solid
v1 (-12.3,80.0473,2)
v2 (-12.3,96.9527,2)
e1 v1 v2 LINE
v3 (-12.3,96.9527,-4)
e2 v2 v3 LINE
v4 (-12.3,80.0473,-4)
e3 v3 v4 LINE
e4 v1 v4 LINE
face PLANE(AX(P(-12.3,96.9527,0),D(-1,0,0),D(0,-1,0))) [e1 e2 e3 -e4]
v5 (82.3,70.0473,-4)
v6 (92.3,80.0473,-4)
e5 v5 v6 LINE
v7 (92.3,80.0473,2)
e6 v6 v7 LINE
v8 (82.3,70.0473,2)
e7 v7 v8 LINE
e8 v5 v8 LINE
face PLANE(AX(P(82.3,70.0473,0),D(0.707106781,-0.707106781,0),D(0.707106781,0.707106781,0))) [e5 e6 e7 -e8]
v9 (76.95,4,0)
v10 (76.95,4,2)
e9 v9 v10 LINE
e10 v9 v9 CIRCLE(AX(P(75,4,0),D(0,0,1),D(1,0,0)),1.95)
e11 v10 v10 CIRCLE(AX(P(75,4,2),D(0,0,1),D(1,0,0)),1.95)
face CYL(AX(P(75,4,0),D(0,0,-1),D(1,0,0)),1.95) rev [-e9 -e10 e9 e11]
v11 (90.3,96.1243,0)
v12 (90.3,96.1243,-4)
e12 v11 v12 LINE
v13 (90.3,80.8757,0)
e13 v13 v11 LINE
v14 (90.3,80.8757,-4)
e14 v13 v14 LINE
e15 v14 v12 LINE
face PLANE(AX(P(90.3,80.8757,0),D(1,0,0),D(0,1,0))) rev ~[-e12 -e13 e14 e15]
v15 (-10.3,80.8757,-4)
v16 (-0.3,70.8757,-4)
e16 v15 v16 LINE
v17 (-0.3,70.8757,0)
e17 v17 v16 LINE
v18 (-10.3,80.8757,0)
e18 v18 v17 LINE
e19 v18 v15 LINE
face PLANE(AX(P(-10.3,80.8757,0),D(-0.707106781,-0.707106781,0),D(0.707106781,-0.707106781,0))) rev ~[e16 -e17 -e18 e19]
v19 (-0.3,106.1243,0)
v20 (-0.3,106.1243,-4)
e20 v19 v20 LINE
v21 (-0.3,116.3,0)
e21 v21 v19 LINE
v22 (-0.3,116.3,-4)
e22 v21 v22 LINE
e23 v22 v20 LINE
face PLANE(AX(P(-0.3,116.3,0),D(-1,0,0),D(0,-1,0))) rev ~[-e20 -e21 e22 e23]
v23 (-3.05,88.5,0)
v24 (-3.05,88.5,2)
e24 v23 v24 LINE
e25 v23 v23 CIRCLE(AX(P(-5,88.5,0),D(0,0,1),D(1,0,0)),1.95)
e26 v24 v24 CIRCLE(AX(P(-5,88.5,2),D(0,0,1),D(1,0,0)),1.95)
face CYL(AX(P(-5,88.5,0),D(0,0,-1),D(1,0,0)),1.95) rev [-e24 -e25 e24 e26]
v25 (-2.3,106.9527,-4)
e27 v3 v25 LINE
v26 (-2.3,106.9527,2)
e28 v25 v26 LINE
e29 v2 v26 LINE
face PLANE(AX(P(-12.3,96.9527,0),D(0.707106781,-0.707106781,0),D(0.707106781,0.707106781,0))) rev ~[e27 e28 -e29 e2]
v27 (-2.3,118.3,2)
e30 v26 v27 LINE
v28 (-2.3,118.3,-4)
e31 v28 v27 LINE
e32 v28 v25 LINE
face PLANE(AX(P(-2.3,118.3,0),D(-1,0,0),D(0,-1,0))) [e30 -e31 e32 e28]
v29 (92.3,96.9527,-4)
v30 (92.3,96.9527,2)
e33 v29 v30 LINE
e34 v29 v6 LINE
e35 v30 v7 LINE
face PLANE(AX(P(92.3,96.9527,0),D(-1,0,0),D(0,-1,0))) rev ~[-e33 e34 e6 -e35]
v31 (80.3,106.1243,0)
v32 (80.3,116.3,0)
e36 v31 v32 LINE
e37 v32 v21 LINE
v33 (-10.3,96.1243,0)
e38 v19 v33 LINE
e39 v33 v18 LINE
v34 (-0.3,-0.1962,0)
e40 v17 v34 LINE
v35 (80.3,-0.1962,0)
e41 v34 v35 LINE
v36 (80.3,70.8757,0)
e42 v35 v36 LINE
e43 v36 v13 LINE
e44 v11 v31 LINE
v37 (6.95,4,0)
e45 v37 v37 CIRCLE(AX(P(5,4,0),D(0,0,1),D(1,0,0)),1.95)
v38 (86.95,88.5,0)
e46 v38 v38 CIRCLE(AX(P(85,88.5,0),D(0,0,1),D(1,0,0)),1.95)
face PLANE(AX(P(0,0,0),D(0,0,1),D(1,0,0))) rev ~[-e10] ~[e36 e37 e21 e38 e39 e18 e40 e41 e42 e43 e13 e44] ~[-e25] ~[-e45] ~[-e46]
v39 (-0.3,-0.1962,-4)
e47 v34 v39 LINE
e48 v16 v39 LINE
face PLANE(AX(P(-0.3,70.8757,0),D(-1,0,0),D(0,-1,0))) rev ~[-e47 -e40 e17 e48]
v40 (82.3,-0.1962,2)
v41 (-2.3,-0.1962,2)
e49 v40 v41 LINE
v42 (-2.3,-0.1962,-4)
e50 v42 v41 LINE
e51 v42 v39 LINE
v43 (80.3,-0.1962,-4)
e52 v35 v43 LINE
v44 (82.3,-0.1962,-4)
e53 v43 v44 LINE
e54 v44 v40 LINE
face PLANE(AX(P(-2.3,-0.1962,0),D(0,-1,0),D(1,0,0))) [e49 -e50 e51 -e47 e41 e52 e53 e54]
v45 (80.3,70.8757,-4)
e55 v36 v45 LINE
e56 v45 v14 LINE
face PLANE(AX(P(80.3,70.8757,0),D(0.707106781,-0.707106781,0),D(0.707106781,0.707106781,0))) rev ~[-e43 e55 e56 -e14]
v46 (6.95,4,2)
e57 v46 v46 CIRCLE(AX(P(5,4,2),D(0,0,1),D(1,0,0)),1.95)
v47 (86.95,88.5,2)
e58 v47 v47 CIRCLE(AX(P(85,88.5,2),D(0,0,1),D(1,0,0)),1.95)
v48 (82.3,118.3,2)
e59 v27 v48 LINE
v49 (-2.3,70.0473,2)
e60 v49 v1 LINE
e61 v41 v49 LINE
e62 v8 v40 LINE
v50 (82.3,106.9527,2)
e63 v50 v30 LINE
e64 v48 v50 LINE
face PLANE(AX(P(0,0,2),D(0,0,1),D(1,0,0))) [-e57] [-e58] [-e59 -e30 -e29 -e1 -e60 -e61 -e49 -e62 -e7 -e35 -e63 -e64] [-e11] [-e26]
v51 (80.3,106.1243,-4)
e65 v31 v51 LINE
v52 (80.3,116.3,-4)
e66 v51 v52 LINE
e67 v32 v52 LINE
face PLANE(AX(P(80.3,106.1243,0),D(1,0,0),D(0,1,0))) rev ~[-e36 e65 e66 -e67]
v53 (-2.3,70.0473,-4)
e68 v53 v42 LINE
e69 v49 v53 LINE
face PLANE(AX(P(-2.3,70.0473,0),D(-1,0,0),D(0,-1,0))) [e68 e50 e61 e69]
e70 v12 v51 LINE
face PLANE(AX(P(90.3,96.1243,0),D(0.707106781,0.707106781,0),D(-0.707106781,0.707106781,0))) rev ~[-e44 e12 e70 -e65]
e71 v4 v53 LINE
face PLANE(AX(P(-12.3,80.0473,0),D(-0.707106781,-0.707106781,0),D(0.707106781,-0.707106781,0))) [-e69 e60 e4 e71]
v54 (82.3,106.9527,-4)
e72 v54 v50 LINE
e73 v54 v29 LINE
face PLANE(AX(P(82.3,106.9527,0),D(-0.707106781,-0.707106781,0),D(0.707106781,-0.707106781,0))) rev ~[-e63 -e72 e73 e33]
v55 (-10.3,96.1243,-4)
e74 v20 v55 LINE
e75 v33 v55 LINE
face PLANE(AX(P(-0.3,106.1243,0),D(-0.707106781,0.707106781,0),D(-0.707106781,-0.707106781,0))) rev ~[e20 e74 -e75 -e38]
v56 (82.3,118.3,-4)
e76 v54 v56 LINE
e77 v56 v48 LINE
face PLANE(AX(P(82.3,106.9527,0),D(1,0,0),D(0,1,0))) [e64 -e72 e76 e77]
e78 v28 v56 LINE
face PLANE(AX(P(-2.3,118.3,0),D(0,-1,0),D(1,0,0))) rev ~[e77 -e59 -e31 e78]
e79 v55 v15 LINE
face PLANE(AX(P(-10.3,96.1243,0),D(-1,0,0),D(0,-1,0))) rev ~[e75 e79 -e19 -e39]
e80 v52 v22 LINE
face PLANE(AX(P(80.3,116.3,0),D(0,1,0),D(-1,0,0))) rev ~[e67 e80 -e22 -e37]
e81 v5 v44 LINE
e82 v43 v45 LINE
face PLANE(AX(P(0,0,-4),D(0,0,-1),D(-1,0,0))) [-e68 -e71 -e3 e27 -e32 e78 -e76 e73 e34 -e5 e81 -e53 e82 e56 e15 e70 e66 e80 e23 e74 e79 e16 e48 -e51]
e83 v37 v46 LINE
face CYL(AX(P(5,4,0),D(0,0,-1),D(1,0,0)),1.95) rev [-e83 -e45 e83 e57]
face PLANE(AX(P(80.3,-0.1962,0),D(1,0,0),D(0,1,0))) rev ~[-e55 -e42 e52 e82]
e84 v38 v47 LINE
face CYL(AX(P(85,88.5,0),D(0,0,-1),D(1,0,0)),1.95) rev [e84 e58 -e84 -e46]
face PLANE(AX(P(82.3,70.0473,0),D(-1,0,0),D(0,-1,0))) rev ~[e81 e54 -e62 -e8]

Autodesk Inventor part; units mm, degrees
ref_plane "YZ Plane" through (0, 0, 0) normal (1, 0, 0) x (0, 1, 0)
ref_plane "XZ Plane" through (0, 0, 0) normal (0, 1, 0) x (-1, 0, 0)
ref_plane "XY Plane" through (0, 0, 0) normal (0, 0, 1) x (1, 0, 0)
sketch "Sketch3" plane through (0, 0, 0) normal (0, 0, 1) x (1, 0, 0)
  line L0 (-10, 81) -> (0, 71) projected
  line L1 (-10, 96) -> (-10, 81) projected
  line L2 (0, 106) -> (-10, 96) projected
  line L3 (0, 116) -> (0, 106) projected
  line L4 (80, 116) -> (0, 116) projected
  line L5 (80, 106) -> (80, 116) projected
  line L6 (90, 96) -> (80, 106) projected
  line L7 (90, 81) -> (90, 96) projected
  line L8 (80, 71) -> (90, 81) projected
  line L9 (80, -0.1962) -> (80, 71) projected
  circle A0 centre (85, 88.5) radius 1.95 projected
  circle A1 centre (75, 4) radius 1.95 projected
  circle A2 centre (5, 4) radius 1.95 projected
  circle A3 centre (-5, 88.5) radius 1.95 projected
  line L10 (80, -0.1962) -> (80, 71)
  line L11 (80, 71) -> (90, 81)
  line L12 (90, 81) -> (90, 96)
  line L13 (90, 96) -> (80, 106)
  line L14 (80, 106) -> (80, 116)
  line L15 (80, 116) -> (0, 116)
  line L16 (0, 116) -> (0, 106)
  line L17 (0, 106) -> (-10, 96)
  line L18 (-10, 96) -> (-10, 81)
  line L19 (-10, 81) -> (0, 71)
  line L20 (80, -0.1962) -> (0, -0.1962)
  line L21 (0, 71) -> (0, -0.1962) projected
  line L22 (0, -0.1962) -> (0, 71)
  circle A4 centre (5, 4) radius 1.65
  circle A5 centre (-5, 88.5) radius 1.65
  circle A6 centre (85, 88.5) radius 1.65
  circle A7 centre (75, 4) radius 1.65
  line L23 (0, -0.1962) -> (-2.3, -0.1962)
  line L24 (-2.3, -0.1962) -> (-2.3, 70.0473)
  line L25 (-2.3, 70.0473) -> (-12.3, 80.0473)
  line L26 (-12.3, 80.0473) -> (-12.3, 96.9527)
  line L27 (-12.3, 96.9527) -> (-2.3, 106.9527)
  line L28 (-2.3, 106.9527) -> (-2.3, 118.3)
  line L29 (-2.3, 118.3) -> (82.3, 118.3)
  line L30 (82.3, 118.3) -> (82.3, 106.9527)
  line L31 (82.3, 106.9527) -> (92.3, 96.9527)
  line L32 (92.3, 96.9527) -> (92.3, 80.0473)
  line L33 (92.3, 80.0473) -> (82.3, 70.0473)
  line L34 (82.3, 70.0473) -> (82.3, -0.1962)
  line L35 (82.3, -0.1962) -> (80, -0.1962)
  point P0 (0, 0)
  dimension "d10" = 3.3
  dimension "d11" = 3.3
  dimension "d12" = 3.3
  dimension "d13" = 3.3
  dimension "d14" = 2.3
  dimension "d15" = 2.3
  dimension "d16" = 2.3
  dimension "d17" = 2.3
  dimension "d18" = 2.3
  dimension "d19" = 2.3
  dimension "d20" = 2.3
  dimension "d21" = 2.3
  dimension "d22" = 2.3
  dimension "d23" = 2.3
  dimension "d24" = 2.3
extrude "Extrusion2" add sketch "Sketch3" along normal blind 2 contours L1 L2 L3 L4 L5 L6 L7 L8 L9 L20 L21 L0 | L0 L21 L23 L24 L25 L26 L27 L28 L29 L30 L31 L32 L33 L34 L35 L9 L8 L7 L6 L5 L4 L3 L2 L1
sketch "Sketch4" plane through (0, 0, 0) normal (0, 0, -1) x (-1, 0, 0)
  line L0 (2.3, 70.0473) -> (2.3, -0.1962) projected
  line L1 (2.3, -0.1962) -> (0.3, -0.1962)
  line L2 (2.3, -0.1962) -> (-82.3, -0.1962) projected
  line L3 (2.3, -0.1962) -> (2.3, 70.0473)
  line L4 (12.3, 80.0473) -> (2.3, 70.0473) projected
  line L5 (2.3, 70.0473) -> (12.3, 80.0473)
  line L6 (12.3, 96.9527) -> (12.3, 80.0473) projected
  line L7 (12.3, 80.0473) -> (12.3, 96.9527)
  line L8 (12.3, 96.9527) -> (2.3, 106.9527)
  line L9 (2.3, 118.3) -> (2.3, 106.9527) projected
  line L10 (2.3, 106.9527) -> (2.3, 118.3)
  line L11 (2.3, 118.3) -> (-82.3, 118.3)
  line L12 (-82.3, 106.9527) -> (-82.3, 118.3) projected
  line L13 (-82.3, 118.3) -> (-82.3, 106.9527)
  line L14 (-82.3, 106.9527) -> (-92.3, 96.9527)
  line L15 (-82.3, 70.0473) -> (-92.3, 80.0473) projected
  line L16 (-92.3, 96.9527) -> (-92.3, 80.0473)
  line L17 (-92.3, 80.0473) -> (-82.3, 70.0473)
  line L18 (-82.3, 70.0473) -> (-82.3, -0.1962)
  line L19 (-82.3, -0.1962) -> (-80.3, -0.1962)
  line L20 (-80.3, -0.1962) -> (-80.3, 70.8757)
  line L21 (-80.3, 70.8757) -> (-90.3, 80.8757)
  line L22 (-90.3, 80.8757) -> (-90.3, 96.1243)
  line L23 (-90.3, 96.1243) -> (-80.3, 106.1243)
  line L24 (-80.3, 106.1243) -> (-80.3, 116.3)
  line L25 (-80.3, 116.3) -> (0.3, 116.3)
  line L26 (0.3, 116.3) -> (0.3, 106.1243)
  line L27 (0.3, 106.1243) -> (10.3, 96.1243)
  line L28 (10.3, 96.1243) -> (10.3, 80.8757)
  line L29 (10.3, 80.8757) -> (0.3, 70.8757)
  line L30 (0.3, 70.8757) -> (0.3, -0.1962)
  line L31 (2.3, 70.0473) -> (2.3, -0.1962) projected
  line L32 (12.3, 80.0473) -> (2.3, 70.0473) projected
  line L33 (12.3, 96.9527) -> (12.3, 80.0473) projected
  line L34 (2.3, 106.9527) -> (12.3, 96.9527) projected
  line L35 (2.3, 118.3) -> (2.3, 106.9527) projected
  line L36 (-82.3, 118.3) -> (2.3, 118.3) projected
  line L37 (-82.3, 106.9527) -> (-82.3, 118.3) projected
  line L38 (-92.3, 96.9527) -> (-82.3, 106.9527) projected
  line L39 (-92.3, 80.0473) -> (-92.3, 96.9527) projected
  line L40 (-82.3, 70.0473) -> (-92.3, 80.0473) projected
  line L41 (-82.3, -0.1962) -> (-82.3, 70.0473) projected
  line L42 (2.3, 106.9527) -> (12.3, 96.9527)
  line L43 (2.3, 106.9527) -> (12.3, 96.9527)
  line L44 (2.3, 70.0473) -> (12.3, 80.0473)
  line L45 (-82.3, 106.9527) -> (-92.3, 96.9527)
  line L46 (-92.3, 80.0473) -> (-92.3, 96.9527) projected
  line L47 (-82.3, 106.9527) -> (-92.3, 96.9527)
  point P0 (0, 0)
  point P1 (12.3, 88.5)
  dimension "d27" = 2
  dimension "d28" = 2
  dimension "d29" = 2
  dimension "d30" = 2
  dimension "d31" = 2
  dimension "d32" = 2
  dimension "d33" = 2
  dimension "d34" = 2
  dimension "d35" = 2
  dimension "d36" = 2
extrude "Extrusion3" add sketch "Sketch4" along normal blind 4 contours L0 L1 L30 L29 L28 L27 L26 L25 L24 L23 L22 L21 L20 L2 L18 L15 L16 L14 L12 L11 L9 L8 L6 L4
properties part number "Cover" material "PBT Plastic"
